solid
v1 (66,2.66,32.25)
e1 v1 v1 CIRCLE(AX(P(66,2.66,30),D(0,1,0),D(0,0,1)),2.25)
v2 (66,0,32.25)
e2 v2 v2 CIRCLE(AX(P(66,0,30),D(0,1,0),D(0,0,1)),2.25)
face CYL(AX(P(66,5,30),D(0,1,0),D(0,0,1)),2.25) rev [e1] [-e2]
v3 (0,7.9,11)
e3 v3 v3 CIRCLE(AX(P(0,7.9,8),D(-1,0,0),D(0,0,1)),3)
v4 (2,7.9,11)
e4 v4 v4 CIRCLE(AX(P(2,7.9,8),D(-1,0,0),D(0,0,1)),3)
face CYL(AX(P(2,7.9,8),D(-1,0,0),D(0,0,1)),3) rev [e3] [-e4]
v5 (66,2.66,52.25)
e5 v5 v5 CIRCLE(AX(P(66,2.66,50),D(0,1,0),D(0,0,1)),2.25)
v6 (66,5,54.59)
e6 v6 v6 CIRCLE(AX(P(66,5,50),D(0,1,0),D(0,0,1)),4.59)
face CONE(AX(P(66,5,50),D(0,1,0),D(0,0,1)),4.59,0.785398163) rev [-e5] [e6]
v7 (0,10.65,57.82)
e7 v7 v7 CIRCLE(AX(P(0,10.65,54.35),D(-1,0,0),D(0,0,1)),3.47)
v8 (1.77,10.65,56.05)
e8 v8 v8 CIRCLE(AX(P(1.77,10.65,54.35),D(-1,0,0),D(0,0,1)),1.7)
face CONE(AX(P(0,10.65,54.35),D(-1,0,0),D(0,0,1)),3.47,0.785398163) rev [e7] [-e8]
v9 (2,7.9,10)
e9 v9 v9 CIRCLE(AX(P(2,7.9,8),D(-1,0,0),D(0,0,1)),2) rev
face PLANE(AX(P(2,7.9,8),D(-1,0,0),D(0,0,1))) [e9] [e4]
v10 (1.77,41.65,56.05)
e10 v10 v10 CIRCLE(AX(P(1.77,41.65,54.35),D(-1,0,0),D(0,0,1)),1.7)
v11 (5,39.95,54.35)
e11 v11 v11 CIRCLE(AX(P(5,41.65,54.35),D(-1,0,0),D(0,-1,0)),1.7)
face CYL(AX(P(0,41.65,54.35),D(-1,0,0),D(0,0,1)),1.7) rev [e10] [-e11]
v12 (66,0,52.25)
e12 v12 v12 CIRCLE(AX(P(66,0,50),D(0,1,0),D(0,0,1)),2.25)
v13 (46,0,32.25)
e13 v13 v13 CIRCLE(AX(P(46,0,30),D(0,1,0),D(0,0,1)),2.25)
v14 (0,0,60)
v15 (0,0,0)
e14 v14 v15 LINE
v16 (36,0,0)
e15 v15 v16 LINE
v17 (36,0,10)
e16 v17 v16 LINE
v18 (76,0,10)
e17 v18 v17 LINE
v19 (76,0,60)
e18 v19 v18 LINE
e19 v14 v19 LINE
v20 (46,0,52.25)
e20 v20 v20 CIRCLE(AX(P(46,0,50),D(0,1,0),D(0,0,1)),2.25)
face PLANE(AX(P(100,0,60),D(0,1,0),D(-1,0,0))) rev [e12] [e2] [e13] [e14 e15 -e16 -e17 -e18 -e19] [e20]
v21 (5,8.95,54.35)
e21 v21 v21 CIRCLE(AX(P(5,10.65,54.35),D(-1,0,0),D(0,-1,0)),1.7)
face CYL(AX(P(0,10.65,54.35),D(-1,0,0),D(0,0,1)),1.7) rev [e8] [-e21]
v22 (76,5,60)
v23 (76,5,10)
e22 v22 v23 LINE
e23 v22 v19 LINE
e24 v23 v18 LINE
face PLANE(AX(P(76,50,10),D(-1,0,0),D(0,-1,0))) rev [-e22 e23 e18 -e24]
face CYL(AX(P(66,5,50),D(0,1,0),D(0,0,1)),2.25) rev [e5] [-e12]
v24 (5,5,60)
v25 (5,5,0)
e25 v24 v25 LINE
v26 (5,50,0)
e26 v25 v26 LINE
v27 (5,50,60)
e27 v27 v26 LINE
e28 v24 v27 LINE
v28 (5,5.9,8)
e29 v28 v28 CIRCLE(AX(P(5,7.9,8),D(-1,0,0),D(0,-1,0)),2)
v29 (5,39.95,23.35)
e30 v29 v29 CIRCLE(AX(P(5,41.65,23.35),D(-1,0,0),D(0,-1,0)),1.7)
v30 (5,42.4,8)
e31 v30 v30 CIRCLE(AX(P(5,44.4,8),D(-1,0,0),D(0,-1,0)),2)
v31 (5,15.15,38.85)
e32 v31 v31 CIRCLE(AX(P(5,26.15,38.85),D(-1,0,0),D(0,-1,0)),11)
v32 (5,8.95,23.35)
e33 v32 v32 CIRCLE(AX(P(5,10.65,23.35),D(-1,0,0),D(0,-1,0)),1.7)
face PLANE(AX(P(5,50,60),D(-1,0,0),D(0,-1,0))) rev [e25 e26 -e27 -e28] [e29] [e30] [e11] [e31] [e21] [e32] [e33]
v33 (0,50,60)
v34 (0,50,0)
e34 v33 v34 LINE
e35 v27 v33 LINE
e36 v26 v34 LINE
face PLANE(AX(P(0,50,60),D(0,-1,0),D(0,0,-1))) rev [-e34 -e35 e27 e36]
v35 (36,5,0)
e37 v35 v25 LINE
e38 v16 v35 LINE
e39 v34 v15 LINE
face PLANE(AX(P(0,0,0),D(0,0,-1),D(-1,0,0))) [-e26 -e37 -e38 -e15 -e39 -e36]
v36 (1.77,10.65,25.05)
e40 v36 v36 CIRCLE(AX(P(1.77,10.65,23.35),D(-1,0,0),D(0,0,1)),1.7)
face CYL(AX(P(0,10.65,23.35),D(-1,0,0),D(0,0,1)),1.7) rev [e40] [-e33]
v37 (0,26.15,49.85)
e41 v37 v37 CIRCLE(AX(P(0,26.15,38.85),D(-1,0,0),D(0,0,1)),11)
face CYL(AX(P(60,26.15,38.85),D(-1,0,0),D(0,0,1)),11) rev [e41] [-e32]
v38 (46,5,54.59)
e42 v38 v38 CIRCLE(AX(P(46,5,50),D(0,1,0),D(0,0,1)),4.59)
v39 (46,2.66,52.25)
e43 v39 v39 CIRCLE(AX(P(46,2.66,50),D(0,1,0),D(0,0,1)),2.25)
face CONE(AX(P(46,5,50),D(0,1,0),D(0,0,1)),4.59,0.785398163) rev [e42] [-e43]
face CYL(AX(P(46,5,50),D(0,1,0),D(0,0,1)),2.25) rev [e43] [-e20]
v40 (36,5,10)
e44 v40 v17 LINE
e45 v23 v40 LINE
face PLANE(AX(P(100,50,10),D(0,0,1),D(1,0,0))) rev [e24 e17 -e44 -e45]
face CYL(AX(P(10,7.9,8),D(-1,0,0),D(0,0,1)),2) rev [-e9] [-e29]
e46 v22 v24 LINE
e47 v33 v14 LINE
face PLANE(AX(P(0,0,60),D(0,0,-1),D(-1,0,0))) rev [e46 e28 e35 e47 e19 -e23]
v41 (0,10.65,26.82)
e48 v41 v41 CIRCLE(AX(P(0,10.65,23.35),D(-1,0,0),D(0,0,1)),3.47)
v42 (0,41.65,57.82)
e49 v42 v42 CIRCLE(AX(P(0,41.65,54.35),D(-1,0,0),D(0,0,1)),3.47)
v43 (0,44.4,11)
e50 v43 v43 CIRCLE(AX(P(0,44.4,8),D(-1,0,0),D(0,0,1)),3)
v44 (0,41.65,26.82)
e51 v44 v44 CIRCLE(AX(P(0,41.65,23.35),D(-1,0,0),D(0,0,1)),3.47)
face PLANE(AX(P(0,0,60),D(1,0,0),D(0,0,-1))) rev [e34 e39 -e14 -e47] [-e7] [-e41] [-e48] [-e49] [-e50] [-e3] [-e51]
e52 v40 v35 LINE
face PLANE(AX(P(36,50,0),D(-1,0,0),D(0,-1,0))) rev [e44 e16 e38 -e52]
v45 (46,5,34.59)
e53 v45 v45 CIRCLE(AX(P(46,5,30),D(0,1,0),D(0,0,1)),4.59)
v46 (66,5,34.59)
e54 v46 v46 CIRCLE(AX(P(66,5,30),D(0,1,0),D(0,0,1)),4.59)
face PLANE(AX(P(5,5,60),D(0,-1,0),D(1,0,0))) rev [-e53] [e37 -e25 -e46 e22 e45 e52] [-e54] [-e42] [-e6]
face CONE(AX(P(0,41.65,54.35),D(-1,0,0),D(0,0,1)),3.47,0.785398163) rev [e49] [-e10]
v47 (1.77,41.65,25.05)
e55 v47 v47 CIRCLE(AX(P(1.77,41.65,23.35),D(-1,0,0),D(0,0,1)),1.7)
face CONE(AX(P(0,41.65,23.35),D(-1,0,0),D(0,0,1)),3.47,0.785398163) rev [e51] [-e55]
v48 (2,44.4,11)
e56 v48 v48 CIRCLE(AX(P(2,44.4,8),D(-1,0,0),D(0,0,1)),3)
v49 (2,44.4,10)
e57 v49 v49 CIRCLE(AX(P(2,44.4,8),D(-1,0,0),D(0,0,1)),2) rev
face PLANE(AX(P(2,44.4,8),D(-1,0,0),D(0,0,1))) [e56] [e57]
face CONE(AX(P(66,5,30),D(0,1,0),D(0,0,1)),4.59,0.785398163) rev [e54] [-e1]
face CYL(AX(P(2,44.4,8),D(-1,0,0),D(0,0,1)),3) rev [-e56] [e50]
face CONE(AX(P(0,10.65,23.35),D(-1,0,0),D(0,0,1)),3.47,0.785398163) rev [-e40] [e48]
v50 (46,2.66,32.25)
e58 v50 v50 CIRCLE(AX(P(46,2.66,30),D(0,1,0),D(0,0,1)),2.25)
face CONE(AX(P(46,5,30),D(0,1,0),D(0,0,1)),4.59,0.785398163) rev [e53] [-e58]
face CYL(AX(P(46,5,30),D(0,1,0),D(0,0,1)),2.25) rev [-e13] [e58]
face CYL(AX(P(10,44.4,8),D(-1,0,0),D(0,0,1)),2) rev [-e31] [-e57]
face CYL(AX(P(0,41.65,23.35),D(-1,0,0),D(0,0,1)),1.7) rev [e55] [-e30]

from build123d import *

# Parameters (mm, degrees)
EXTRUDE_1_DEPTH             = 60
SKETCH_2_R                  = 11
CUT_EXTRUDE_1_DEPTH         = 60
CSK_1_D                     = 3.4
CSK_1_DEPTH                 = 5
CSK_1_CSINK_D               = 6.94
CSK_1_CSINK_ANGLE           = 90
SKETCH_5_W                  = 64
SKETCH_5_H                  = 10
CUT_EXTRUDE_2_DEPTH         = 127.885775404
SKETCH_6_R                  = 2
CUT_EXTRUDE_3_DEPTH         = 10
SKETCH_7_R                  = 3
CUT_EXTRUDE_4_DEPTH         = 2
SKETCH_8_W                  = 24
SKETCH_8_H                  = 50
CUT_EXTRUDE_5_DEPTH         = 127.885775404
HOLE_WIZARD_M41_D           = 4.5
HOLE_WIZARD_M41_CSINK_D     = 9.18
HOLE_WIZARD_M41_CSINK_ANGLE = 90


with BuildPart() as part:
    # Эскиз1 → Бобышка-Вытянуть1 (new body)
    with BuildSketch(Plane.XY):
        Polygon((0, 0), (0, 50), (5, 50), (5, 5), (95, 5), (95, 50), (100, 50), (100, 0), align=None)
    extrude(amount=EXTRUDE_1_DEPTH)

    # Эскиз2 → Вырез-Вытянуть1 (cut)
    with BuildSketch(Plane.ZY):
        with Locations((38.85, 26.15)):
            Circle(SKETCH_2_R)
    extrude(amount=-CUT_EXTRUDE_1_DEPTH, mode=Mode.SUBTRACT)

    # CSK размера винта с полупотайной головкой и крестообразным шлицем1
    with Locations(Plane.ZY):
        with Locations((54.35, 10.65), (54.35, 41.65), (23.35, 41.65), (23.35, 10.65)):
            CounterSinkHole(CSK_1_D / 2, CSK_1_CSINK_D / 2, depth=CSK_1_DEPTH, counter_sink_angle=CSK_1_CSINK_ANGLE)

    # Эскиз5 → Вырез-Вытянуть2 (cut, through all)
    with BuildSketch(Plane.XZ):
        with Locations((68, 5)):
            Rectangle(SKETCH_5_W, SKETCH_5_H)
    extrude(amount=-CUT_EXTRUDE_2_DEPTH, mode=Mode.SUBTRACT)

    # Эскиз6 → Вырез-Вытянуть3 (cut)
    with BuildSketch(Plane.ZY):
        with Locations((8, 44.4)):
            Circle(SKETCH_6_R)
        with Locations((8, 7.9)):
            Circle(SKETCH_6_R)
    extrude(amount=-CUT_EXTRUDE_3_DEPTH, mode=Mode.SUBTRACT)

    # Эскиз7 → Вырез-Вытянуть4 (cut)
    with BuildSketch(Plane.ZY):
        with Locations((8, 44.4)):
            Circle(SKETCH_7_R)
        with Locations((8, 7.9)):
            Circle(SKETCH_7_R)
    extrude(amount=-CUT_EXTRUDE_4_DEPTH, mode=Mode.SUBTRACT)

    # Эскиз8 → Вырез-Вытянуть5 (cut, through all)
    with BuildSketch(Plane.XZ):
        with Locations((88, 35)):
            Rectangle(SKETCH_8_W, SKETCH_8_H)
    extrude(amount=-CUT_EXTRUDE_5_DEPTH, mode=Mode.SUBTRACT)

    # Зенковка для винта с потайной головкой и внутренним шестигранником M41 (through all)
    with Locations(Plane(origin=(0, 5, 0), x_dir=(-1, 0, 0), z_dir=(0, 1, 0))):
        with Locations((-46, 30), (-66, 30), (-46, 50), (-66, 50)):
            CounterSinkHole(HOLE_WIZARD_M41_D / 2, HOLE_WIZARD_M41_CSINK_D / 2, counter_sink_angle=HOLE_WIZARD_M41_CSINK_ANGLE)


solid = part.part
